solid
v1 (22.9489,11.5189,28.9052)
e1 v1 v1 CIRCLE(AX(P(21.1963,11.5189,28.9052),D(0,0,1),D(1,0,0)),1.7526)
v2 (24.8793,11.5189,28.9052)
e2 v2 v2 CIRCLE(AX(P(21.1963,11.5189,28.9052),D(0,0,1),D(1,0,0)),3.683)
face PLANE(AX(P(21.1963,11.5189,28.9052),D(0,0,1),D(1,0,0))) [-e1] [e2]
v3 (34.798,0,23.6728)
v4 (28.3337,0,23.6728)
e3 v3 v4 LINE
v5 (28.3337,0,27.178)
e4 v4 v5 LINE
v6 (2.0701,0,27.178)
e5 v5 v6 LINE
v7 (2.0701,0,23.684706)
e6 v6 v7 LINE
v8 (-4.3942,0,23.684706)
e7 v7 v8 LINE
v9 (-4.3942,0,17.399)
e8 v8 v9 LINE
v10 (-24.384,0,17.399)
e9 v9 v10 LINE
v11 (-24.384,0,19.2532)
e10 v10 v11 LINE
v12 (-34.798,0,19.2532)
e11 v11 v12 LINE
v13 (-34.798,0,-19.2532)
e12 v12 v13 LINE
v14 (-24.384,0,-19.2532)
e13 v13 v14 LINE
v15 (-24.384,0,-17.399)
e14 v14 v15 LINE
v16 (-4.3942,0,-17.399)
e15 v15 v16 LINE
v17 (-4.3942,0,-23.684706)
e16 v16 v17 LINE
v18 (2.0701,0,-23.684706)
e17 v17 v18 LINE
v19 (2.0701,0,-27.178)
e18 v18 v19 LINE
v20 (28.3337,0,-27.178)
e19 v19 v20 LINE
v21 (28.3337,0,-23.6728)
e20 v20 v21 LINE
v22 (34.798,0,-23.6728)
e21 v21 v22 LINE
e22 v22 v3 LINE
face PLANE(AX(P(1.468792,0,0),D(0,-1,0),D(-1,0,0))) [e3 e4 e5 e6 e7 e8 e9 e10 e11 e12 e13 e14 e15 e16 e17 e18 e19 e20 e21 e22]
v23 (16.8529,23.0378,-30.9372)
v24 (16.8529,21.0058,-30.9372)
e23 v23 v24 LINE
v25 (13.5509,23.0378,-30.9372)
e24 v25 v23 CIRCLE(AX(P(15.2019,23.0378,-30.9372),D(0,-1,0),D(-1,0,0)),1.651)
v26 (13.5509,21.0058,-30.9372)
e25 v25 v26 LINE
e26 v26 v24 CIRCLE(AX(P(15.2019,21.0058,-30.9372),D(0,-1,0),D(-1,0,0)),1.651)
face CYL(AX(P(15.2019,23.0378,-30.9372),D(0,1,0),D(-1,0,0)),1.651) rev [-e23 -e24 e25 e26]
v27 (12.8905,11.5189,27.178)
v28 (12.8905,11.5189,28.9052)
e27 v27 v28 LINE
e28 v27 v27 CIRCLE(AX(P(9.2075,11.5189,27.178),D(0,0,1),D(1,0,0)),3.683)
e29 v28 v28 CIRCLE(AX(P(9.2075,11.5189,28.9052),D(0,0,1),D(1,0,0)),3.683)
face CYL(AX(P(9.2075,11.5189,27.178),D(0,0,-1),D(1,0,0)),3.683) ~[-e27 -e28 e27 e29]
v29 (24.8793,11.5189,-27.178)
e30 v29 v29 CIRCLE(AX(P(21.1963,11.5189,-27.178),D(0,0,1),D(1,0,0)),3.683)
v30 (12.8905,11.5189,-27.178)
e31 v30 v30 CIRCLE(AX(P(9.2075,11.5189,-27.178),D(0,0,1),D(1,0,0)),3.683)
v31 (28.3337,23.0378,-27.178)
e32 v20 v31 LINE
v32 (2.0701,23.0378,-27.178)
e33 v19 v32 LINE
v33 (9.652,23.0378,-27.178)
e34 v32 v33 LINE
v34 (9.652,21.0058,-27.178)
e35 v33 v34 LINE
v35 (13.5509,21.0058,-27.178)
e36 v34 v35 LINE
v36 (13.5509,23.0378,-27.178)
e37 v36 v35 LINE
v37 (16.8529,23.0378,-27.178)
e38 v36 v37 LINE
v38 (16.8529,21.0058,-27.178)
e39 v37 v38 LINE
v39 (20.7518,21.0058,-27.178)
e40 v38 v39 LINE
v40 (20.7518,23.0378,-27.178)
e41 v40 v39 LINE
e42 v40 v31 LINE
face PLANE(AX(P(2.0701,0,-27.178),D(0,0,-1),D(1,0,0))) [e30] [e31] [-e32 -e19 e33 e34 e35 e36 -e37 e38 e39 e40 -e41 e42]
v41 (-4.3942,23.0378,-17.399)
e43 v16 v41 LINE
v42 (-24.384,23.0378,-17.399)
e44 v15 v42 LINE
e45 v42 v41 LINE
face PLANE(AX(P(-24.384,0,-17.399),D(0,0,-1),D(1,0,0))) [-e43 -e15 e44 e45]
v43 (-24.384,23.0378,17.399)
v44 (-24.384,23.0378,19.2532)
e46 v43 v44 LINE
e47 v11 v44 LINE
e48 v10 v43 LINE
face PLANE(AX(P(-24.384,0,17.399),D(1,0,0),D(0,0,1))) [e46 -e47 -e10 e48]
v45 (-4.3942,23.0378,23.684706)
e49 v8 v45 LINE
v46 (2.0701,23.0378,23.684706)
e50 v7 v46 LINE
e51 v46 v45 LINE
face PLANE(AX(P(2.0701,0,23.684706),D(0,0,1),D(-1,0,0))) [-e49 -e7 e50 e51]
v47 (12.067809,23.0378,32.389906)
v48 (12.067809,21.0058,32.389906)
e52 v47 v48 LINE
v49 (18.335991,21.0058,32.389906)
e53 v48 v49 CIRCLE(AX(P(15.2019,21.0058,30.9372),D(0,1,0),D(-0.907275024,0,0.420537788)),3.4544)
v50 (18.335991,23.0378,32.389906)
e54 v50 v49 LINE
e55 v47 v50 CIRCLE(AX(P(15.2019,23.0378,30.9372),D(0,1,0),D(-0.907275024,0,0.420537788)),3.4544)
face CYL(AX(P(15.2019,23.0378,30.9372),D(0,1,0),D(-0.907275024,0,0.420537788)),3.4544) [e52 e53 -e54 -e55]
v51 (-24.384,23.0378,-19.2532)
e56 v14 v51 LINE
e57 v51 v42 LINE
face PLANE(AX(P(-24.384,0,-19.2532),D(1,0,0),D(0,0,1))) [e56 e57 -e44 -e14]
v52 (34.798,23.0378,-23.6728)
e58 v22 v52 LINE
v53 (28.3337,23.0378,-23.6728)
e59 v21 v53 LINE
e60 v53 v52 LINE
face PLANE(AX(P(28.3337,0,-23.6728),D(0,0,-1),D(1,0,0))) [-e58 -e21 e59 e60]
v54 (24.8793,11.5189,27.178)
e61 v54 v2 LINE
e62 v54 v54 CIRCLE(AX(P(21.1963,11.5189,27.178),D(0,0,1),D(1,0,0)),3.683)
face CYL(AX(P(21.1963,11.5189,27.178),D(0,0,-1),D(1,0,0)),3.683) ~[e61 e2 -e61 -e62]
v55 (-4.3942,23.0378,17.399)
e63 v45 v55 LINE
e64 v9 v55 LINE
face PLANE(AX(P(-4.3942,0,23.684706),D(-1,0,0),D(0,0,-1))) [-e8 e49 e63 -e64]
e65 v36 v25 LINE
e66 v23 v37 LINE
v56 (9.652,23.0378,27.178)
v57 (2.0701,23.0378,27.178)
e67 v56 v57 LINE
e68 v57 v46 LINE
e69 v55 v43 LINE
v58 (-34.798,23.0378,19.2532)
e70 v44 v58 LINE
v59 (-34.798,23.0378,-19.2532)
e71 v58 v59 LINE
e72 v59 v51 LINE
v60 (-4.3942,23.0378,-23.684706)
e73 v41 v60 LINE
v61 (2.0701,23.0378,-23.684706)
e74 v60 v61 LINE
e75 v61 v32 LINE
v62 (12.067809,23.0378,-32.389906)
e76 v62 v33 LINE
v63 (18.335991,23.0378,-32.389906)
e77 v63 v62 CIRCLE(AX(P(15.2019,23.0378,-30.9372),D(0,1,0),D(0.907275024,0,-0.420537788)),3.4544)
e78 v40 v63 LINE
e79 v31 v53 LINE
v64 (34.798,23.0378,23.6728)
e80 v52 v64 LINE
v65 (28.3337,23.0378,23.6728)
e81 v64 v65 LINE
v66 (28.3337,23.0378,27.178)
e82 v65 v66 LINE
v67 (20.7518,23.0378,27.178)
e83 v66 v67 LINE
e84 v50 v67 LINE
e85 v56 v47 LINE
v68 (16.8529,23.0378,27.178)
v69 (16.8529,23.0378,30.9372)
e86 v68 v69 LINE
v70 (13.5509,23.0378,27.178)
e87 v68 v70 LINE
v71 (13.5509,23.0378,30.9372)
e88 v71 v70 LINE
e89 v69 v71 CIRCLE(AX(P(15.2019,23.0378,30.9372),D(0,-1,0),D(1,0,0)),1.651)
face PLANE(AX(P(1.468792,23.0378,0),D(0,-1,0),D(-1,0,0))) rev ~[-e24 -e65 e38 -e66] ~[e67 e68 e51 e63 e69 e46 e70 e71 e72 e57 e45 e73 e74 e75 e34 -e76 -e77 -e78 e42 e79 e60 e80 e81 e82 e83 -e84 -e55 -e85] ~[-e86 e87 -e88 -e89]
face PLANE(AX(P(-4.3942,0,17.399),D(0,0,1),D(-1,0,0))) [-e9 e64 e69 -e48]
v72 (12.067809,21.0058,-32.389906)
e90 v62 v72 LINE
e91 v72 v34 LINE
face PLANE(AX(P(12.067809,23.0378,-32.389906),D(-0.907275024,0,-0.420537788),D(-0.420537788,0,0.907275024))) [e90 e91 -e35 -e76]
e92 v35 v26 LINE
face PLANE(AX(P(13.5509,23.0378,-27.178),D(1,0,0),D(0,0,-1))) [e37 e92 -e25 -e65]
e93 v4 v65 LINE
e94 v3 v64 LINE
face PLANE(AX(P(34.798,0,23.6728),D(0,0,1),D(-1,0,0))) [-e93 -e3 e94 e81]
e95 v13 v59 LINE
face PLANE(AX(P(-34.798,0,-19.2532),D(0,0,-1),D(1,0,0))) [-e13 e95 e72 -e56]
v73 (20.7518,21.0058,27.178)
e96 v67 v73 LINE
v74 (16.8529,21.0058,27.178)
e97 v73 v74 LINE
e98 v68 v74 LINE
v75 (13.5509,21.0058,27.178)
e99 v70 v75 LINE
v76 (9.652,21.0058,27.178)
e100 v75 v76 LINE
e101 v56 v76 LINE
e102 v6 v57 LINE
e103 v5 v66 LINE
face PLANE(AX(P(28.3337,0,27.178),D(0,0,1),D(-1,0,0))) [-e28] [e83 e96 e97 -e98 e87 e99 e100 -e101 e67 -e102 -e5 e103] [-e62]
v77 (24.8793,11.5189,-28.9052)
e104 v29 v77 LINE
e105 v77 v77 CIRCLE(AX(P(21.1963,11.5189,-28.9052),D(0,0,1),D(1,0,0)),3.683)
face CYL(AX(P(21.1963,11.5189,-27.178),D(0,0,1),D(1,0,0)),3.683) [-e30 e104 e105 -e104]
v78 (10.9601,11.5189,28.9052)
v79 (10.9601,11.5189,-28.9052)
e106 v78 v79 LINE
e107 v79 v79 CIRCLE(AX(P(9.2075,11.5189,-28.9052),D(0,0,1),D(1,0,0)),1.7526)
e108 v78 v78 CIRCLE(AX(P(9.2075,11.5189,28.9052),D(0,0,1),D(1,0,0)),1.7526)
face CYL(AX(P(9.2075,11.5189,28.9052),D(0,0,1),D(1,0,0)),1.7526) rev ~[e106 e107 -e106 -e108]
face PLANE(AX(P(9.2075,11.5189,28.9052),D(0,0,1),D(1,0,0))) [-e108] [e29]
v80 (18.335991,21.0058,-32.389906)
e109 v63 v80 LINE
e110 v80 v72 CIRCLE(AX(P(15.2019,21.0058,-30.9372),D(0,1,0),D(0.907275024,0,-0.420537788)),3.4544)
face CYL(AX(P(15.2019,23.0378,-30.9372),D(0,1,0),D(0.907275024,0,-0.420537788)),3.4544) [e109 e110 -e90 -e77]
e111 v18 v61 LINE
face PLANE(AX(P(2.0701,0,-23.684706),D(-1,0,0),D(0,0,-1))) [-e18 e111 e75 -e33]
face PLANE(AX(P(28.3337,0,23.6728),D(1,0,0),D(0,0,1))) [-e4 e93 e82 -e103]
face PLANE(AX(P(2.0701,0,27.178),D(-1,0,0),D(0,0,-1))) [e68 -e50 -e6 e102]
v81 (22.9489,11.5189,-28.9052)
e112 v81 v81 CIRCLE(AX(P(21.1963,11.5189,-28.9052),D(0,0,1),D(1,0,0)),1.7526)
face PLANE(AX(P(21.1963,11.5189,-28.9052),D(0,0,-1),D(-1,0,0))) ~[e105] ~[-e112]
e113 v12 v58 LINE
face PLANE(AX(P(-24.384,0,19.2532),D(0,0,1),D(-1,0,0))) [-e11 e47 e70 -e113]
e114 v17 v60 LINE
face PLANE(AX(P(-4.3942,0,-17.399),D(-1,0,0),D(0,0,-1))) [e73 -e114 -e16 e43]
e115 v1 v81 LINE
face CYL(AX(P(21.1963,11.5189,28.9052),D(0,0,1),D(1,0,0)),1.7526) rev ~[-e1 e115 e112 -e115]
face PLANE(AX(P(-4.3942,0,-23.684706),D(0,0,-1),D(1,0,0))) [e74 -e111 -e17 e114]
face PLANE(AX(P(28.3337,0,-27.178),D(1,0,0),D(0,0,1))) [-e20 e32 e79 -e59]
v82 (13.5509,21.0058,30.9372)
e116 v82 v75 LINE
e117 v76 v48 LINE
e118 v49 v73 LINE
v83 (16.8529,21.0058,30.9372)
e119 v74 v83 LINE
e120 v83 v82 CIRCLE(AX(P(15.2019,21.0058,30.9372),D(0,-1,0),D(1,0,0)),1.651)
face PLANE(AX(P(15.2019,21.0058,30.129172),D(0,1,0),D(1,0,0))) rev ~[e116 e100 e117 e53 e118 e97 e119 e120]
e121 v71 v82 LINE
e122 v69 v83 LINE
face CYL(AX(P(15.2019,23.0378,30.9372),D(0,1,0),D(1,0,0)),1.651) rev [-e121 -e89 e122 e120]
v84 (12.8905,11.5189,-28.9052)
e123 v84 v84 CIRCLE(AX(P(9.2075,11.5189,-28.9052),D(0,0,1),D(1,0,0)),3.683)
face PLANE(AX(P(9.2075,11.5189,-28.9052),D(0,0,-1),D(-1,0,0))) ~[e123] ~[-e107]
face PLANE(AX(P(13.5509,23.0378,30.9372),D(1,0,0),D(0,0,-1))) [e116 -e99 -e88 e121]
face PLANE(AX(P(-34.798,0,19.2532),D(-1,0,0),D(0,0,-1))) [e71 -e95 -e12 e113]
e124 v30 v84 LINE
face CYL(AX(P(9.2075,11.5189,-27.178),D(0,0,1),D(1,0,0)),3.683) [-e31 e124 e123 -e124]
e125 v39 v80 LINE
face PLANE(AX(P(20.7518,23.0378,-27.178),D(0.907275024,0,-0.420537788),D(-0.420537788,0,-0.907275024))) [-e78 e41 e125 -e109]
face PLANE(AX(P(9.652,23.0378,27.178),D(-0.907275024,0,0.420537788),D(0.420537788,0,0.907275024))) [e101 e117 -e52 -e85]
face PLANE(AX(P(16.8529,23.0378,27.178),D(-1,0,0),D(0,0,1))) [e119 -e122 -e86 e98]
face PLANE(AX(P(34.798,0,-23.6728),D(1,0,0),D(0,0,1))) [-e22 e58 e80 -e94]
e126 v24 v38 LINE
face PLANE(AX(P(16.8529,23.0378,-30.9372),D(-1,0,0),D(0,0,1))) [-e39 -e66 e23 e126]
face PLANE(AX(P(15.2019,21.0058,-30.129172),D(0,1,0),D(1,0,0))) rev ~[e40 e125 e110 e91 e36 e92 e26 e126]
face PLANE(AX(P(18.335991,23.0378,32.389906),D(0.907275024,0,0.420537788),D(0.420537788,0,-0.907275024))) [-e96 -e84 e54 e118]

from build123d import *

# Parameters (mm, degrees)
BOSS_EXTRUDE1_DEPTH = 23.0378
SKETCH2_R           = 3.683
BOSS_EXTRUDE2_DEPTH = 1.7272
SKETCH3_R           = 1.7526
CUT_EXTRUDE1_DEPTH  = 58.8104
BOSS_EXTRUDE3_DEPTH = 2.032


with BuildPart() as part:
    # Sketch1 → Boss-Extrude1 (new body)
    with BuildSketch(Plane(origin=(0, 0, 0), x_dir=(1, 0, 0), z_dir=(0, 1, 0))):
        Polygon((-34.798, 19.2532), (-24.384, 19.2532), (-24.384, 17.399), (-4.3942, 17.399), (-4.3942, 23.684705806), (2.0701, 23.684705806), (2.0701, 27.178), (28.3337, 27.178), (28.3337, 23.6728), (34.798, 23.6728), (34.798, -23.6728), (28.3337, -23.6728), (28.3337, -27.178), (2.0701, -27.178), (2.0701, -23.684705806), (-4.3942, -23.684705806), (-4.3942, -17.399), (-24.384, -17.399), (-24.384, -19.2532), (-34.798, -19.2532), align=None)
    extrude(amount=BOSS_EXTRUDE1_DEPTH)

    # Sketch2 → Boss-Extrude2 (add)
    with BuildSketch(Plane.XY.offset(27.178)):
        with Locations((21.1963, 11.5189)):
            Circle(SKETCH2_R)
        with Locations((9.2075, 11.5189)):
            Circle(SKETCH2_R)
    boss_extrude2 = extrude(amount=BOSS_EXTRUDE2_DEPTH)

    # Mirror1: Boss-Extrude2 across plane
    add(boss_extrude2.mirror(Plane.XY))

    # Sketch3 → Cut-Extrude1 (cut, through all)
    with BuildSketch(Plane.XY.offset(28.9052)):
        with Locations((21.1963, 11.5189)):
            Circle(SKETCH3_R)
        with Locations((9.2075, 11.5189)):
            Circle(SKETCH3_R)
    extrude(amount=-CUT_EXTRUDE1_DEPTH, mode=Mode.SUBTRACT)

    # Sketch4 → Boss-Extrude3 (add)
    with BuildSketch(Plane(origin=(0, 23.0378, 0), x_dir=(1, 0, 0), z_dir=(0, 1, 0))):
        with BuildLine():
            Line((13.5509, -27.178), (9.652, -27.178))
            Line((9.652, -27.178), (12.067809158, -32.389905736))
            ThreePointArc((12.067809158, -32.389905736), (15.2019, -34.3916), (18.335990842, -32.389905736))
            Line((18.335990842, -32.389905736), (20.7518, -27.178))
            Line((20.7518, -27.178), (16.8529, -27.178))
            Line((16.8529, -27.178), (16.8529, -30.9372))
            ThreePointArc((16.8529, -30.9372), (15.2019, -32.5882), (13.5509, -30.9372))
            Line((13.5509, -30.9372), (13.5509, -27.178))
        make_face()
        with BuildLine():
            Line((16.8529, 30.9372), (16.8529, 27.178))
            Line((16.8529, 27.178), (20.7518, 27.178))
            Line((20.7518, 27.178), (18.335990842, 32.389905736))
            ThreePointArc((18.335990842, 32.389905736), (15.2019, 34.3916), (12.067809158, 32.389905736))
            Line((12.067809158, 32.389905736), (9.652, 27.178))
            Line((9.652, 27.178), (13.5509, 27.178))
            Line((13.5509, 27.178), (13.5509, 30.9372))
            ThreePointArc((13.5509, 30.9372), (15.2019, 32.5882), (16.8529, 30.9372))
        make_face()
    extrude(amount=-BOSS_EXTRUDE3_DEPTH)


solid = part.part
